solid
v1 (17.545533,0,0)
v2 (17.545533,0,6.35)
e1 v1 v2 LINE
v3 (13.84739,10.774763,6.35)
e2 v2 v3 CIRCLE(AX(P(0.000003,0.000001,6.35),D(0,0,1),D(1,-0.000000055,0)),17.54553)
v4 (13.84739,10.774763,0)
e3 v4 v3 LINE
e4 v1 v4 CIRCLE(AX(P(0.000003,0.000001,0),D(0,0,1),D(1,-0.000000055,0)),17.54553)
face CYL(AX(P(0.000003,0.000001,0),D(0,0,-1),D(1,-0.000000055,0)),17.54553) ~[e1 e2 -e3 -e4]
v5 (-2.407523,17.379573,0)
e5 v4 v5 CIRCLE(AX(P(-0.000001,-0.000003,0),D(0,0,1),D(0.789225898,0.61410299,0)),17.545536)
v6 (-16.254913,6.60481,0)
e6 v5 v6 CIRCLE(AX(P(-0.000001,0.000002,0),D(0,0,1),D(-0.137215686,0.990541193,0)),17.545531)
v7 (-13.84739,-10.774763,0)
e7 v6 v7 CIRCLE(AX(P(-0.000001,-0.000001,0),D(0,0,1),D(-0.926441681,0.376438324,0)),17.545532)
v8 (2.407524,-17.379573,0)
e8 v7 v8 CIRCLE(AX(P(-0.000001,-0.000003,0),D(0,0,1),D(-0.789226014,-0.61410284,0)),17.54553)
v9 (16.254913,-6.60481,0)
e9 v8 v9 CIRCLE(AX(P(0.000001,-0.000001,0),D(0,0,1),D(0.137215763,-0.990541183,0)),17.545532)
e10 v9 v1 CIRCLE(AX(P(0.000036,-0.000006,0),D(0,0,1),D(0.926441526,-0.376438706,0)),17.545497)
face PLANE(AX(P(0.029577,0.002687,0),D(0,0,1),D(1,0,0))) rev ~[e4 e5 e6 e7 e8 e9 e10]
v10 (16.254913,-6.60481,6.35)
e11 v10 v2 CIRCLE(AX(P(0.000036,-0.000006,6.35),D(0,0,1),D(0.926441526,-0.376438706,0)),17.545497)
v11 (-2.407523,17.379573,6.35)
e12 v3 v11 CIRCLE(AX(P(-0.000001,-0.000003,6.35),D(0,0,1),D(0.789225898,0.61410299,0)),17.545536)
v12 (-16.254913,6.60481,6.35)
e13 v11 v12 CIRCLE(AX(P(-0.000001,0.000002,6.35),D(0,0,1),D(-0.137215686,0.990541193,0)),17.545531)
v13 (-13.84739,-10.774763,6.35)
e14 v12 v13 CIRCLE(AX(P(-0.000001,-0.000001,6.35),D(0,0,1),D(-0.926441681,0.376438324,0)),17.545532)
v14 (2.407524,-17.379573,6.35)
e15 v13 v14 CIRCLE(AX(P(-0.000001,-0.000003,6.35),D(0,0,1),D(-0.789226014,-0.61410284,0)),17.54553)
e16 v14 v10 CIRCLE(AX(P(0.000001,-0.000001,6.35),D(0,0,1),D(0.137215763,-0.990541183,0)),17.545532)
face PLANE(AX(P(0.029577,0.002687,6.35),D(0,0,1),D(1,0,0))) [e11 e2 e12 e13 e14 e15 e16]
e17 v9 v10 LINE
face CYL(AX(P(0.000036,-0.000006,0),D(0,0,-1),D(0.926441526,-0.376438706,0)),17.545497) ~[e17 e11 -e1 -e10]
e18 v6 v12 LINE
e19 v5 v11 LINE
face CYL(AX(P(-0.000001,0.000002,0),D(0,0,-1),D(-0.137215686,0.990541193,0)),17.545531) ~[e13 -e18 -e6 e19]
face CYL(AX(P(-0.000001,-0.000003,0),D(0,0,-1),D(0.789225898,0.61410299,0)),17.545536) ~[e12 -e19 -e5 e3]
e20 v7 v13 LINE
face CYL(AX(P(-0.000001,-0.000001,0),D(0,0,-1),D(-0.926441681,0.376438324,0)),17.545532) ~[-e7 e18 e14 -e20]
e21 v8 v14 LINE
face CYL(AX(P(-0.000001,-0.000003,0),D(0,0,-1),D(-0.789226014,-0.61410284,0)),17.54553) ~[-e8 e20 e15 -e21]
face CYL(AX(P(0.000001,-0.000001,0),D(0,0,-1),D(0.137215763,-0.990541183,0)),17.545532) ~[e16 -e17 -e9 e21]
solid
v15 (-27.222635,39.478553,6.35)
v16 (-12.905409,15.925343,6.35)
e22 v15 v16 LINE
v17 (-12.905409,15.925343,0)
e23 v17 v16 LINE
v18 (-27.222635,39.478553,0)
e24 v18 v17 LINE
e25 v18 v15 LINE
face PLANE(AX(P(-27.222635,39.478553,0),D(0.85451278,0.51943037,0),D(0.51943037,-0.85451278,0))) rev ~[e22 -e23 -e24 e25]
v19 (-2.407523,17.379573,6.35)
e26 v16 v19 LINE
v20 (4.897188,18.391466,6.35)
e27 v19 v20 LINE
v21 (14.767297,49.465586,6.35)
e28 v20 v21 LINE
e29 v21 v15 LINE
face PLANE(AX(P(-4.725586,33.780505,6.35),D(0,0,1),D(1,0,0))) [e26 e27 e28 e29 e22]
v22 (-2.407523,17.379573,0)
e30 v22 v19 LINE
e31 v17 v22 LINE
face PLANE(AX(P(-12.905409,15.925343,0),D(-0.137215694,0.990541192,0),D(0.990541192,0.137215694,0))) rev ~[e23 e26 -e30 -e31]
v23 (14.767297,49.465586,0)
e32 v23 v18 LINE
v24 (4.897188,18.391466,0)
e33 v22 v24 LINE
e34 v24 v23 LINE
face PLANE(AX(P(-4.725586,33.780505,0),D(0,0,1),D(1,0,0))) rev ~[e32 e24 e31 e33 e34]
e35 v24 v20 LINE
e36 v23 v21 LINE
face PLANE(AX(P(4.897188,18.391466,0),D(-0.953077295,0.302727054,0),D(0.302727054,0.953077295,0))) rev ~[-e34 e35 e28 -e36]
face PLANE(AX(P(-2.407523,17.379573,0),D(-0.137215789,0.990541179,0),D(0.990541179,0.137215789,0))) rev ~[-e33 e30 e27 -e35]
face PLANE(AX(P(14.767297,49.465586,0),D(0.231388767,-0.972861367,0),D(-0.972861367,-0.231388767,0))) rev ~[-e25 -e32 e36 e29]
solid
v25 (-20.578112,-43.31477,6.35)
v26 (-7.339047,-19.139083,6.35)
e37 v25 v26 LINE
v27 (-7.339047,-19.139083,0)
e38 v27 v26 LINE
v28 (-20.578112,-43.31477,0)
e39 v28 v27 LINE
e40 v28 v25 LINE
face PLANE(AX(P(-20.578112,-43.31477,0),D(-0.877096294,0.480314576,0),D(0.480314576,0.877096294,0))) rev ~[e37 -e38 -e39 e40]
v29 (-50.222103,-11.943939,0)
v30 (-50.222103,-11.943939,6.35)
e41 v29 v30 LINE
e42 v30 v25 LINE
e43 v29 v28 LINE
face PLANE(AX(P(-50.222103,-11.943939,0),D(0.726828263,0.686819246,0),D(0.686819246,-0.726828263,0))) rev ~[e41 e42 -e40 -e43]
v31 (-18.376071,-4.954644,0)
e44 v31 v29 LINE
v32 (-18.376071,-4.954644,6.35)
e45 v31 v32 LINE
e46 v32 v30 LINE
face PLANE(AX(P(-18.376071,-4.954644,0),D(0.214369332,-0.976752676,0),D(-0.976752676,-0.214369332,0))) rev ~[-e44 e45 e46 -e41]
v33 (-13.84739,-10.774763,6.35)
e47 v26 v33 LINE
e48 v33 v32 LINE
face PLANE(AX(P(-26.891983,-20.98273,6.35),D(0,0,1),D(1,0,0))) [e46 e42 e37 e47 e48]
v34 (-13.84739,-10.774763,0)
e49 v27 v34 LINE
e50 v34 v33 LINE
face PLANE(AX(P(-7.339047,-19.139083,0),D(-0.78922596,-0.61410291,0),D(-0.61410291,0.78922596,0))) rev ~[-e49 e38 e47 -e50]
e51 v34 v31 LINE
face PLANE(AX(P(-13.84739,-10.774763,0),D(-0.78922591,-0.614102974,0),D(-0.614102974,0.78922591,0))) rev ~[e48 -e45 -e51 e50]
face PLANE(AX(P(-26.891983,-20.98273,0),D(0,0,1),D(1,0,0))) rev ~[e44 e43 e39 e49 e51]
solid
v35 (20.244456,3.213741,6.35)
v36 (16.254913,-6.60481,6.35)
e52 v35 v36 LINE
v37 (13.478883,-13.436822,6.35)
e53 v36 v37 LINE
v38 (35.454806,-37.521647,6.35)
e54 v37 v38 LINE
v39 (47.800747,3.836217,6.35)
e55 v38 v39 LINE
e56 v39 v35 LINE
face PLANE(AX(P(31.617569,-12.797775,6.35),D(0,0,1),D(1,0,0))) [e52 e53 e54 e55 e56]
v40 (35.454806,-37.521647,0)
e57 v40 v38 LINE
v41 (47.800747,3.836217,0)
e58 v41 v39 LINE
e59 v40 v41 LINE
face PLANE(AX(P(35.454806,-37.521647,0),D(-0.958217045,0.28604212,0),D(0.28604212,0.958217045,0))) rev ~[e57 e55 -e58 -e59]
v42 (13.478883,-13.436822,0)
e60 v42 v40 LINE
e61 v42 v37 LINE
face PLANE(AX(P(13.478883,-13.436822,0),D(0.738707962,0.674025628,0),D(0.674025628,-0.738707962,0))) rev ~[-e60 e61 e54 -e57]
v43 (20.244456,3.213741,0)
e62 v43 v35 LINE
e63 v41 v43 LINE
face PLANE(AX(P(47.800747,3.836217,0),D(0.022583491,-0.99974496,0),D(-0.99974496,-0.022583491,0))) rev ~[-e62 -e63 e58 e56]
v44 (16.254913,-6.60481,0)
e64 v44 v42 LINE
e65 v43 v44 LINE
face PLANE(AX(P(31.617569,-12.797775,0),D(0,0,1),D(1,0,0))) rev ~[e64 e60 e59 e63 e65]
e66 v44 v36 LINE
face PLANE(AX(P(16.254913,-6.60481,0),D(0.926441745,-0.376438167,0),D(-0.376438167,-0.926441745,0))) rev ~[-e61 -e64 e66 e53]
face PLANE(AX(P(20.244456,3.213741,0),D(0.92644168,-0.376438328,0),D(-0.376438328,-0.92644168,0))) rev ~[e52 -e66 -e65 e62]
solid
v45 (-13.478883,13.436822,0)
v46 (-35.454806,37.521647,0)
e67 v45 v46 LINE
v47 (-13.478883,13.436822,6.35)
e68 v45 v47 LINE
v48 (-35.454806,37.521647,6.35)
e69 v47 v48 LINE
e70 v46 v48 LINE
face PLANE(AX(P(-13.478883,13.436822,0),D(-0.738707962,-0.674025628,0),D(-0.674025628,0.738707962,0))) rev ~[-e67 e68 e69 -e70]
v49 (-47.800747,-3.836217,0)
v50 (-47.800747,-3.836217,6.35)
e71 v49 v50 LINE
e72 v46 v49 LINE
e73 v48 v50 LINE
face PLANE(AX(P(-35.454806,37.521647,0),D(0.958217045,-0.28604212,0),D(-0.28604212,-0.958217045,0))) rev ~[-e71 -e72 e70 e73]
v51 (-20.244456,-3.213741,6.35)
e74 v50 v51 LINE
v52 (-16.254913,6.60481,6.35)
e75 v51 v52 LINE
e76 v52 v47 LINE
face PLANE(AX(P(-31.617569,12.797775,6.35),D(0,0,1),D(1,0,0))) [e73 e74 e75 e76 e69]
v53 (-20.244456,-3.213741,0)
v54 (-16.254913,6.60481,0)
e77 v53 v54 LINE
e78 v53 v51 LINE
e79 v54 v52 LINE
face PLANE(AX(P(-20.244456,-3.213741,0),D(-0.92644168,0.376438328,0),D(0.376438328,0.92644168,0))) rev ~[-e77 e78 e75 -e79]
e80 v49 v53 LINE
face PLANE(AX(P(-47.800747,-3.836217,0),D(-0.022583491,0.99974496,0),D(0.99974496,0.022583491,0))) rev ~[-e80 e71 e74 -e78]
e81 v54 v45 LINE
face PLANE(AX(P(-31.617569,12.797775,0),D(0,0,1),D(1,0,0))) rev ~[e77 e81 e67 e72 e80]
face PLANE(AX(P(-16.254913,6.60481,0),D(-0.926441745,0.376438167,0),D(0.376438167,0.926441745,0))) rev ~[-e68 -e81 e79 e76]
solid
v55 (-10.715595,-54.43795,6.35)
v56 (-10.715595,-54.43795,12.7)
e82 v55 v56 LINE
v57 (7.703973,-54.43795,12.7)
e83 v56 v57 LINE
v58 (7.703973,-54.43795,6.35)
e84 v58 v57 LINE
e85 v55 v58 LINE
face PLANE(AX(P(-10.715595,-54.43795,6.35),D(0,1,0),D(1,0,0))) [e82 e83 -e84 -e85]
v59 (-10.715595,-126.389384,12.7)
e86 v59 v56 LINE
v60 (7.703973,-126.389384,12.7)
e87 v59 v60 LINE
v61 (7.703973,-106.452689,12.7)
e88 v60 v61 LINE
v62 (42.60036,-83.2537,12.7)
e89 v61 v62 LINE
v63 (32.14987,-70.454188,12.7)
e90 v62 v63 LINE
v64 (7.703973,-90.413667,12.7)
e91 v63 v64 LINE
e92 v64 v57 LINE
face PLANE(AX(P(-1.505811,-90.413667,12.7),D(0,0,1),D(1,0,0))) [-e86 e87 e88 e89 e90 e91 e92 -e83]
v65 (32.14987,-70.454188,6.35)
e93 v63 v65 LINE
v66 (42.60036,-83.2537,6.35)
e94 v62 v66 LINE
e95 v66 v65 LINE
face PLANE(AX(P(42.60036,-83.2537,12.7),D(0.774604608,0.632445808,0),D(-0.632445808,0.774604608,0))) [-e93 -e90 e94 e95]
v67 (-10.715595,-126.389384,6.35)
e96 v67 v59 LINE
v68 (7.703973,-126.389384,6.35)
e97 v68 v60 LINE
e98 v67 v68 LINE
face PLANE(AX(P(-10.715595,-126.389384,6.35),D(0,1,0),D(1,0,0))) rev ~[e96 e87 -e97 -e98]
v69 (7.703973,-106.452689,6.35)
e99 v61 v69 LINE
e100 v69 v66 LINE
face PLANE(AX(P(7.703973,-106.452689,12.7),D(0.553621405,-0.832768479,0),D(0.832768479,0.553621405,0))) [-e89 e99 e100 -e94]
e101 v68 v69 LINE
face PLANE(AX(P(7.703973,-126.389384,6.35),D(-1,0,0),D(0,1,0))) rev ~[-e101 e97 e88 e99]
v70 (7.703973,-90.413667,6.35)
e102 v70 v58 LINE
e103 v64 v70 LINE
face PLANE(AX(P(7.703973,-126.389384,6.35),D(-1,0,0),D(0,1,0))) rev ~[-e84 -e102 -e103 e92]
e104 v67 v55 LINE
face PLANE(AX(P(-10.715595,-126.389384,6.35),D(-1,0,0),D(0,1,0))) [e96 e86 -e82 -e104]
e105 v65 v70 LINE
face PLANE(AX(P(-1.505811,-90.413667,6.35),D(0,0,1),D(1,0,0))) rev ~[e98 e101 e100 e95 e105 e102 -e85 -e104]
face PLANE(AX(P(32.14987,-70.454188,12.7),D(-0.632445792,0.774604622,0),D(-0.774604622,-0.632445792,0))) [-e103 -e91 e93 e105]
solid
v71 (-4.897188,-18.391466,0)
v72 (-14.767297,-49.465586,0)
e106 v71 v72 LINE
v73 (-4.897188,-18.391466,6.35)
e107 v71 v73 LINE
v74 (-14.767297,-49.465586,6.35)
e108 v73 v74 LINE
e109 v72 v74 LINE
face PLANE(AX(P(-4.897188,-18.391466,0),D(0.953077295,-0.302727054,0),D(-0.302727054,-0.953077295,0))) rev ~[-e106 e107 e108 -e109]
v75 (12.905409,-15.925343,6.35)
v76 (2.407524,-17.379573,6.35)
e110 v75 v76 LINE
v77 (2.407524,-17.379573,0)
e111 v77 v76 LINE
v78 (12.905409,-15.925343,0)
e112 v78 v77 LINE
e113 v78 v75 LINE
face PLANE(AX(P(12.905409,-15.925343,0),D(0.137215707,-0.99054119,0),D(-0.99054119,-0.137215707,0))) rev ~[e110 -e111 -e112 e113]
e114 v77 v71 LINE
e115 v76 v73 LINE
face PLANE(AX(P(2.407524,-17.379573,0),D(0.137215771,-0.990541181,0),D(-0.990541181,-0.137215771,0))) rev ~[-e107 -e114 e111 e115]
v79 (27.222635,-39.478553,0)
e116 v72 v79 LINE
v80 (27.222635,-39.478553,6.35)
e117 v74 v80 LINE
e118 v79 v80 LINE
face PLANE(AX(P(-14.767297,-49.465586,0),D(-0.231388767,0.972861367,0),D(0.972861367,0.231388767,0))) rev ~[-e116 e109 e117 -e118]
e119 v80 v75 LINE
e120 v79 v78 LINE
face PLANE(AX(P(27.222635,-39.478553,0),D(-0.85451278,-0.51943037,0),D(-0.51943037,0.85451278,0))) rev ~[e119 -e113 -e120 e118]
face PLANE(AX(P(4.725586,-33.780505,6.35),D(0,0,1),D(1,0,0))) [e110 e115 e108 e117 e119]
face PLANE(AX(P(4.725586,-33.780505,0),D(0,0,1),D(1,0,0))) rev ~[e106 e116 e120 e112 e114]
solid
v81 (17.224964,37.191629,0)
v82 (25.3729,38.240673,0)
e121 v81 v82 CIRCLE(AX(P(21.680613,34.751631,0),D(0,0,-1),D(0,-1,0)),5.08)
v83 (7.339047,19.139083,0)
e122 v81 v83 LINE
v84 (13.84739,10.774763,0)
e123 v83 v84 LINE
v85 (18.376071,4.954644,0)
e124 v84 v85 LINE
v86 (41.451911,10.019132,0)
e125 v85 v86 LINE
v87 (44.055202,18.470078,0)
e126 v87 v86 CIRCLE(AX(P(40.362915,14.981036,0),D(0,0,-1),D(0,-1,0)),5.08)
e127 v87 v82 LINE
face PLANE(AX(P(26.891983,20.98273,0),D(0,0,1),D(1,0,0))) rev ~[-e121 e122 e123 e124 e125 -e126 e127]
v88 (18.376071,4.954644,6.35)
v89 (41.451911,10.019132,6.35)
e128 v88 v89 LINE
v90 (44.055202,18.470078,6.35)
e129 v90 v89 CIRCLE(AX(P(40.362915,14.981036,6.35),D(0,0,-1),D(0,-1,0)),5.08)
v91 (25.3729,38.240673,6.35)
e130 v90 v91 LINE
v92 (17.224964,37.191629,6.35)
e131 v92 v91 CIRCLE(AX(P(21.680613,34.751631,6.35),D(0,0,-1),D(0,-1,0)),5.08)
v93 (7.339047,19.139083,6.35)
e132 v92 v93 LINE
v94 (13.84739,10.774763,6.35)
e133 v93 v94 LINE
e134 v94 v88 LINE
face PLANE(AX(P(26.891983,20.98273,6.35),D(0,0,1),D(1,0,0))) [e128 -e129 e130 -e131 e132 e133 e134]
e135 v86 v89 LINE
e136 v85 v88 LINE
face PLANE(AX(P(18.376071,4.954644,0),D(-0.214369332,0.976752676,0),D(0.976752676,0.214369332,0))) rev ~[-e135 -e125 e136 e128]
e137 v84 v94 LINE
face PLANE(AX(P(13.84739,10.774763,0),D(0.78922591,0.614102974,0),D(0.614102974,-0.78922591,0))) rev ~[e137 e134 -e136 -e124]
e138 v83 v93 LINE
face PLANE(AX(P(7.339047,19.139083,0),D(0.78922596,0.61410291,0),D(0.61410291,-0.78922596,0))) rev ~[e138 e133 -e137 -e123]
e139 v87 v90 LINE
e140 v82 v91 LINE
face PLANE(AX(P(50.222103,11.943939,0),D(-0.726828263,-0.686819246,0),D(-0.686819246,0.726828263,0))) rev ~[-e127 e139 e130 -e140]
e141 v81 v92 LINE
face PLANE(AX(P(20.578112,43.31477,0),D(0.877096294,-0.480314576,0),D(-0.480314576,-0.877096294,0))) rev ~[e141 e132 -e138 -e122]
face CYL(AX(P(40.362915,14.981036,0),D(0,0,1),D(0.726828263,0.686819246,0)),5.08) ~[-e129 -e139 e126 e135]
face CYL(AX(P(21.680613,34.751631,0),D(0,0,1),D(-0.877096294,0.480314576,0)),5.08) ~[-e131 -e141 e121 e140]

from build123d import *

# Parameters (mm, degrees)
F1_DEPTH = 6.35
F2_R     = 5.08
F3_W     = 18.419568
F3_H     = 71.951434
F4_DEPTH = 6.35
F6_DEPTH = 6.35


with BuildPart() as f1:
    # F0 (on Top) → F1 (new body)
    with BuildSketch(Plane.XY):
        Polygon((-12.905409, 15.925343), (-2.407523, 17.379573), (4.897188, 18.391466), (14.767297, 49.465586), (-27.222635, 39.478553), align=None)
        Polygon((-20.244456, -3.213741), (-16.254913, 6.60481), (-13.478883, 13.436822), (-35.454806, 37.521647), (-47.800747, -3.836217), align=None)
        Polygon((7.339047, 19.139083), (13.84739, 10.774763), (18.376071, 4.954644), (50.222103, 11.943939), (20.578112, 43.31477), align=None)
        with BuildLine():
            ThreePointArc((16.254913, -6.60481), (17.219856, -3.364863), (17.545533, 0))
            ThreePointArc((17.545533, 0), (16.595264, 5.695871), (13.84739, 10.774763))
            ThreePointArc((13.84739, 10.774763), (6.60481, 16.254913), (-2.407523, 17.379573))
            ThreePointArc((-2.407523, 17.379573), (-10.774763, 13.84739), (-16.254913, 6.60481))
            ThreePointArc((-16.254913, 6.60481), (-17.379573, -2.407523), (-13.84739, -10.774763))
            ThreePointArc((-13.84739, -10.774763), (-6.60481, -16.254914), (2.407524, -17.379573))
            ThreePointArc((2.407524, -17.379573), (10.774763, -13.84739), (16.254913, -6.60481))
        make_face()
        Polygon((20.244456, 3.213741), (16.254913, -6.60481), (13.478883, -13.436822), (35.454806, -37.521647), (47.800747, 3.836217), align=None)
        Polygon((12.905409, -15.925343), (2.407524, -17.379573), (-4.897188, -18.391466), (-14.767297, -49.465586), (27.222635, -39.478553), align=None)
        Polygon((-7.339047, -19.139083), (-13.84739, -10.774763), (-18.376071, -4.954644), (-50.222103, -11.943939), (-20.578112, -43.31477), align=None)
    extrude(amount=F1_DEPTH)

    # F2
    f2_edges = [f1.edges().sort_by_distance(p)[0] for p in [
        (50.222103, 11.943939, 3.175),
        (20.578112, 43.31477, 3.175),
    ]]
    fillet(f2_edges, radius=F2_R)


with BuildPart() as f4:
    # F3 (on face) → F4 (new body)
    with BuildSketch(Plane.XY.offset(6.35)):
        with Locations((-1.505811, -90.413667)):
            Rectangle(F3_W, F3_H)
    extrude(amount=F4_DEPTH)

    # F5 (on face) → F6 (join)
    with BuildSketch(Plane.XY.offset(12.7)):
        Polygon((32.14987, -70.454188), (7.703973, -90.413667), (7.703973, -106.452689), (42.60036, -83.2537), align=None)
    extrude(amount=-F6_DEPTH)


solid = Compound([f1.part, f4.part])
